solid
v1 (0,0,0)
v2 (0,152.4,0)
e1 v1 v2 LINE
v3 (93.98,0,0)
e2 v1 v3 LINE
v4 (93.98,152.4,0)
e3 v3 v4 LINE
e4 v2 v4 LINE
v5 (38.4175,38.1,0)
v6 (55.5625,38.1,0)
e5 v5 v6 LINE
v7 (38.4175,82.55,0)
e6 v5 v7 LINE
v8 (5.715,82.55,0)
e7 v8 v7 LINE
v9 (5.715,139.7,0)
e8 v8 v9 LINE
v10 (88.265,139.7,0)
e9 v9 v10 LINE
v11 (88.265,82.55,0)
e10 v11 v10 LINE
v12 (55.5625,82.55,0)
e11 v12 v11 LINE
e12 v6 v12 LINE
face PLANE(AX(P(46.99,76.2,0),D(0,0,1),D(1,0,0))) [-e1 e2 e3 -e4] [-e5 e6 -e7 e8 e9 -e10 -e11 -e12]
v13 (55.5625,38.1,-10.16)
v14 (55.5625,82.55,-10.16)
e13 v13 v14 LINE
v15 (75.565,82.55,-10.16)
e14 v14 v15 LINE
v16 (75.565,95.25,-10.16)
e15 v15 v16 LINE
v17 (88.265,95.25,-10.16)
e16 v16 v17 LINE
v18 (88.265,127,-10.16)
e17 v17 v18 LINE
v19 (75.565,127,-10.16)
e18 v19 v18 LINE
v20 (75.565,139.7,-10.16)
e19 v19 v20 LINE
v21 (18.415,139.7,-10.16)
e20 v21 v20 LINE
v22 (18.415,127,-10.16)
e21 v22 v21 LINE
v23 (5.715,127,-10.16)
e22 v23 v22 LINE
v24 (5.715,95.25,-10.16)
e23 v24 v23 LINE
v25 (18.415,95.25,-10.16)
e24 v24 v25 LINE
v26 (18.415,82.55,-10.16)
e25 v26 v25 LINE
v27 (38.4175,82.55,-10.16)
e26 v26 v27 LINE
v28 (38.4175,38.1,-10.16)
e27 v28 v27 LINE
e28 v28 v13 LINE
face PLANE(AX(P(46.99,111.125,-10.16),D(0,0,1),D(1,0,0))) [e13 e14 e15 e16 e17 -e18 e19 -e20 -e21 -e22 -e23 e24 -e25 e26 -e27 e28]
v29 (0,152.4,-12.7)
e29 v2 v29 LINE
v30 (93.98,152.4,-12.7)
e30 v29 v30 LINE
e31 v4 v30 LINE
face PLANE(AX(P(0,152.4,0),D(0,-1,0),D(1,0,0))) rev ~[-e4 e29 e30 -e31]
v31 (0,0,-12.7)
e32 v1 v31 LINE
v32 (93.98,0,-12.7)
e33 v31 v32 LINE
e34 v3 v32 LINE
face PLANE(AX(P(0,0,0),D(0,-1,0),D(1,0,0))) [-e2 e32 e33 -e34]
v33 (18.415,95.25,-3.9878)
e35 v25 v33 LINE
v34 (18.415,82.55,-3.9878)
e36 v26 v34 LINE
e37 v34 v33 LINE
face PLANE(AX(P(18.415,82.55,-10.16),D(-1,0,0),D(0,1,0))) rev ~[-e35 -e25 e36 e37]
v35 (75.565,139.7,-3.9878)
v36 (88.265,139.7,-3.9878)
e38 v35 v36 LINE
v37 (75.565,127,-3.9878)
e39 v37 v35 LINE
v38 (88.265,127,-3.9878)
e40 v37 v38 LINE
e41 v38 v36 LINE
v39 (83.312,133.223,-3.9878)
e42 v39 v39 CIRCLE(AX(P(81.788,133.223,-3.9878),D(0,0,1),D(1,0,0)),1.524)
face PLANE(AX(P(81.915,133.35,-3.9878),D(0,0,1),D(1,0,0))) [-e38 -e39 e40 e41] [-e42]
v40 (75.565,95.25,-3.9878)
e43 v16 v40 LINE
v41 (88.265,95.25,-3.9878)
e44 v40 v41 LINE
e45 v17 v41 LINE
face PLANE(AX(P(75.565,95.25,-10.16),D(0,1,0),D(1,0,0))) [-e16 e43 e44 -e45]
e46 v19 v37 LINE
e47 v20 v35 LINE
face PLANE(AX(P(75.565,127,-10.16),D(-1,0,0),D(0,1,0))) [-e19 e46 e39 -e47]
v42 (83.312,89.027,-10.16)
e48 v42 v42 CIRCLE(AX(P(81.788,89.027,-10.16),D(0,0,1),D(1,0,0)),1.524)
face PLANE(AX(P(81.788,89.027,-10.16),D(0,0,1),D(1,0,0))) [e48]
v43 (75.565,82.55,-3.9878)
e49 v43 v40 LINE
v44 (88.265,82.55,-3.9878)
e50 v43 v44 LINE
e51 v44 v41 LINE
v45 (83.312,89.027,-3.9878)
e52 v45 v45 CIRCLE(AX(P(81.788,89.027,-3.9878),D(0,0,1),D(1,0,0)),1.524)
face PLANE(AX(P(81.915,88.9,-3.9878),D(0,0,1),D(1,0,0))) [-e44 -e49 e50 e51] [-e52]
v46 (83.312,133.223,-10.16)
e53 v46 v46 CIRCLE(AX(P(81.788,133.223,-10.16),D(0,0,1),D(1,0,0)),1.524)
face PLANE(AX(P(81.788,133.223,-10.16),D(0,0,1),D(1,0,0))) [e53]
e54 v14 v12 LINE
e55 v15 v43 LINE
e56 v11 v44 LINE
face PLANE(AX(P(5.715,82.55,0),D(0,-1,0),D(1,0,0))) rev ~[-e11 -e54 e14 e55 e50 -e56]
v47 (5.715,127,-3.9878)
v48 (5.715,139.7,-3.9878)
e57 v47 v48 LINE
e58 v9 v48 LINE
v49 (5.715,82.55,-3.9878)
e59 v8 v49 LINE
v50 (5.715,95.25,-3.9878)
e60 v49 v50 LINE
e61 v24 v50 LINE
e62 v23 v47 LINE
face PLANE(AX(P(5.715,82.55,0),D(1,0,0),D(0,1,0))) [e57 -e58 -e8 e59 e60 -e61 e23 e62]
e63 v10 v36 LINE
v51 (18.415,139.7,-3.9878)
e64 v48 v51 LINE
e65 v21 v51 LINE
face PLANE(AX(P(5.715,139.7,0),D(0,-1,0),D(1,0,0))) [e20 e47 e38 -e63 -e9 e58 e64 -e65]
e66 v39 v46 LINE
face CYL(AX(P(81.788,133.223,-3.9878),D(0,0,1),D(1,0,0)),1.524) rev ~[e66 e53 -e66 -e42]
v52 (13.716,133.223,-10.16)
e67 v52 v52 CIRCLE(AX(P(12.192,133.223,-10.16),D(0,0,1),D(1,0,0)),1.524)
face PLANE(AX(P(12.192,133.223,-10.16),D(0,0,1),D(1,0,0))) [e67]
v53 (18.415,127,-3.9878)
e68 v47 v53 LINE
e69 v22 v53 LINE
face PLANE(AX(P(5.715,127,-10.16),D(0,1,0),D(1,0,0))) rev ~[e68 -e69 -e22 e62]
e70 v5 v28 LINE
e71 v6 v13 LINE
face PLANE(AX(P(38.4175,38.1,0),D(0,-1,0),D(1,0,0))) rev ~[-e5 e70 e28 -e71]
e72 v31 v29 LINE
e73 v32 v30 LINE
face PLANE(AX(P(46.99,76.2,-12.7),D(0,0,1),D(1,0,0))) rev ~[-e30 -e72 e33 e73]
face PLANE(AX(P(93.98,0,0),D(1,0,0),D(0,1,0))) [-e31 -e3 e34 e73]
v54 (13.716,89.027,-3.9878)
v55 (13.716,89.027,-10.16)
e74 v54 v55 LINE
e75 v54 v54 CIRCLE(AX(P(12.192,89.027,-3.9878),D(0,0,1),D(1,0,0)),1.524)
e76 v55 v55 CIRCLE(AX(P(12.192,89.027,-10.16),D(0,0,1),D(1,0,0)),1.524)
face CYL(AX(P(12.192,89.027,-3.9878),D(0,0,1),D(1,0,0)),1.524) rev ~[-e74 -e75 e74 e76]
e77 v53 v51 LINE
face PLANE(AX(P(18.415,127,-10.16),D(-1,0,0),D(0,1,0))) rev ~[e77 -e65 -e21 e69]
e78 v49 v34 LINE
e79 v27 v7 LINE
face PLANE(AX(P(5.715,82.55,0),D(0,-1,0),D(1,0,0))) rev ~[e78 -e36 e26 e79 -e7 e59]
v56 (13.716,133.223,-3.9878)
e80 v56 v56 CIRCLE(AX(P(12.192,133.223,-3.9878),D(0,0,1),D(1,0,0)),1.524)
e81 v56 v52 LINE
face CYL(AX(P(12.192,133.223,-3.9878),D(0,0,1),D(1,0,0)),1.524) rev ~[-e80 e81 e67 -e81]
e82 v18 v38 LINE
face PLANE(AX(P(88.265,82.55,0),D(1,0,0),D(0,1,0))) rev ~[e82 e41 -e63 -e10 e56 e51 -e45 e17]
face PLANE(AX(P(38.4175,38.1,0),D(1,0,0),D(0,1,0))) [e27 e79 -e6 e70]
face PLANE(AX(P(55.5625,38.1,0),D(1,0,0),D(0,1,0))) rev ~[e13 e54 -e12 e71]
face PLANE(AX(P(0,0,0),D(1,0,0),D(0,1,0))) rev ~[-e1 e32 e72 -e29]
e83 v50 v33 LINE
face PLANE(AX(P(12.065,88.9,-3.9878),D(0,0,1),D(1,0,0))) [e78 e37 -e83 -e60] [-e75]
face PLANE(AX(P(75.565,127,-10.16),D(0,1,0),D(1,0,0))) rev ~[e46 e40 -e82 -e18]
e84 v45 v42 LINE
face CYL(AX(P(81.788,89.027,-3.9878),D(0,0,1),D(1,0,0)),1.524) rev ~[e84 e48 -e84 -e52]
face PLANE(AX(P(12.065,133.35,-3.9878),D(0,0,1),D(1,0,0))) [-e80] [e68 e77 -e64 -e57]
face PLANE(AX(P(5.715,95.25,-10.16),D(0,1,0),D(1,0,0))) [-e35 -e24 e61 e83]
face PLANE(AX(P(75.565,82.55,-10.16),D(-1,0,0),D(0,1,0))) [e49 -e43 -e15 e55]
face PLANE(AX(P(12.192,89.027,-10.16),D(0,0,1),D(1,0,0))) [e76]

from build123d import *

# Parameters (mm, degrees)
F0_W      = 93.98
F0_H      = 152.4
F1_DEPTH  = 12.7
F2_W      = 82.55
F2_H      = 57.15
F3_DEPTH  = 10.16
F5_W      = 12.7
F5_H      = 12.7
F6_DEPTH  = 6.1722
F7_R      = 1.524
F8_DEPTH  = 6.1722
F9_W      = 17.145
F9_H      = 50.8
F10_DEPTH = 10.16


with BuildPart() as f1:
    # F0 (on Top) → F1 (new body)
    with BuildSketch(Plane.XY):
        with Locations((46.99, 76.2)):
            Rectangle(F0_W, F0_H)
    extrude(amount=-F1_DEPTH)

    # F2 (on Top) → F3 (cut)
    with BuildSketch(Plane.XY):
        with Locations((46.99, 111.125)):
            Rectangle(F2_W, F2_H)
    extrude(amount=-F3_DEPTH, mode=Mode.SUBTRACT)

    # F5 (on face) → F6 (join)
    with BuildSketch(Plane.XY.offset(-10.16)):
        with Locations((12.065, 133.35)):
            Rectangle(F5_W, F5_H)
        with Locations((81.915, 133.35)):
            Rectangle(F5_W, F5_H)
        with Locations((12.065, 88.9)):
            Rectangle(F5_W, F5_H)
        with Locations((81.915, 88.9)):
            Rectangle(F5_W, F5_H)
    extrude(amount=F6_DEPTH)

    # F7 (on face) → F8 (cut)
    with BuildSketch(Plane.XY.offset(-3.9878)):
        with Locations((12.192, 133.223)):
            Circle(F7_R)
        with Locations((81.788, 133.223)):
            Circle(F7_R)
        with Locations((12.192, 89.027)):
            Circle(F7_R)
        with Locations((81.788, 89.027)):
            Circle(F7_R)
    extrude(amount=-F8_DEPTH, mode=Mode.SUBTRACT)

    # F9 (on face) → F10 (cut)
    with BuildSketch(Plane.XY):
        with Locations((46.99, 63.5)):
            Rectangle(F9_W, F9_H)
    extrude(amount=-F10_DEPTH, mode=Mode.SUBTRACT)


solid = f1.part
